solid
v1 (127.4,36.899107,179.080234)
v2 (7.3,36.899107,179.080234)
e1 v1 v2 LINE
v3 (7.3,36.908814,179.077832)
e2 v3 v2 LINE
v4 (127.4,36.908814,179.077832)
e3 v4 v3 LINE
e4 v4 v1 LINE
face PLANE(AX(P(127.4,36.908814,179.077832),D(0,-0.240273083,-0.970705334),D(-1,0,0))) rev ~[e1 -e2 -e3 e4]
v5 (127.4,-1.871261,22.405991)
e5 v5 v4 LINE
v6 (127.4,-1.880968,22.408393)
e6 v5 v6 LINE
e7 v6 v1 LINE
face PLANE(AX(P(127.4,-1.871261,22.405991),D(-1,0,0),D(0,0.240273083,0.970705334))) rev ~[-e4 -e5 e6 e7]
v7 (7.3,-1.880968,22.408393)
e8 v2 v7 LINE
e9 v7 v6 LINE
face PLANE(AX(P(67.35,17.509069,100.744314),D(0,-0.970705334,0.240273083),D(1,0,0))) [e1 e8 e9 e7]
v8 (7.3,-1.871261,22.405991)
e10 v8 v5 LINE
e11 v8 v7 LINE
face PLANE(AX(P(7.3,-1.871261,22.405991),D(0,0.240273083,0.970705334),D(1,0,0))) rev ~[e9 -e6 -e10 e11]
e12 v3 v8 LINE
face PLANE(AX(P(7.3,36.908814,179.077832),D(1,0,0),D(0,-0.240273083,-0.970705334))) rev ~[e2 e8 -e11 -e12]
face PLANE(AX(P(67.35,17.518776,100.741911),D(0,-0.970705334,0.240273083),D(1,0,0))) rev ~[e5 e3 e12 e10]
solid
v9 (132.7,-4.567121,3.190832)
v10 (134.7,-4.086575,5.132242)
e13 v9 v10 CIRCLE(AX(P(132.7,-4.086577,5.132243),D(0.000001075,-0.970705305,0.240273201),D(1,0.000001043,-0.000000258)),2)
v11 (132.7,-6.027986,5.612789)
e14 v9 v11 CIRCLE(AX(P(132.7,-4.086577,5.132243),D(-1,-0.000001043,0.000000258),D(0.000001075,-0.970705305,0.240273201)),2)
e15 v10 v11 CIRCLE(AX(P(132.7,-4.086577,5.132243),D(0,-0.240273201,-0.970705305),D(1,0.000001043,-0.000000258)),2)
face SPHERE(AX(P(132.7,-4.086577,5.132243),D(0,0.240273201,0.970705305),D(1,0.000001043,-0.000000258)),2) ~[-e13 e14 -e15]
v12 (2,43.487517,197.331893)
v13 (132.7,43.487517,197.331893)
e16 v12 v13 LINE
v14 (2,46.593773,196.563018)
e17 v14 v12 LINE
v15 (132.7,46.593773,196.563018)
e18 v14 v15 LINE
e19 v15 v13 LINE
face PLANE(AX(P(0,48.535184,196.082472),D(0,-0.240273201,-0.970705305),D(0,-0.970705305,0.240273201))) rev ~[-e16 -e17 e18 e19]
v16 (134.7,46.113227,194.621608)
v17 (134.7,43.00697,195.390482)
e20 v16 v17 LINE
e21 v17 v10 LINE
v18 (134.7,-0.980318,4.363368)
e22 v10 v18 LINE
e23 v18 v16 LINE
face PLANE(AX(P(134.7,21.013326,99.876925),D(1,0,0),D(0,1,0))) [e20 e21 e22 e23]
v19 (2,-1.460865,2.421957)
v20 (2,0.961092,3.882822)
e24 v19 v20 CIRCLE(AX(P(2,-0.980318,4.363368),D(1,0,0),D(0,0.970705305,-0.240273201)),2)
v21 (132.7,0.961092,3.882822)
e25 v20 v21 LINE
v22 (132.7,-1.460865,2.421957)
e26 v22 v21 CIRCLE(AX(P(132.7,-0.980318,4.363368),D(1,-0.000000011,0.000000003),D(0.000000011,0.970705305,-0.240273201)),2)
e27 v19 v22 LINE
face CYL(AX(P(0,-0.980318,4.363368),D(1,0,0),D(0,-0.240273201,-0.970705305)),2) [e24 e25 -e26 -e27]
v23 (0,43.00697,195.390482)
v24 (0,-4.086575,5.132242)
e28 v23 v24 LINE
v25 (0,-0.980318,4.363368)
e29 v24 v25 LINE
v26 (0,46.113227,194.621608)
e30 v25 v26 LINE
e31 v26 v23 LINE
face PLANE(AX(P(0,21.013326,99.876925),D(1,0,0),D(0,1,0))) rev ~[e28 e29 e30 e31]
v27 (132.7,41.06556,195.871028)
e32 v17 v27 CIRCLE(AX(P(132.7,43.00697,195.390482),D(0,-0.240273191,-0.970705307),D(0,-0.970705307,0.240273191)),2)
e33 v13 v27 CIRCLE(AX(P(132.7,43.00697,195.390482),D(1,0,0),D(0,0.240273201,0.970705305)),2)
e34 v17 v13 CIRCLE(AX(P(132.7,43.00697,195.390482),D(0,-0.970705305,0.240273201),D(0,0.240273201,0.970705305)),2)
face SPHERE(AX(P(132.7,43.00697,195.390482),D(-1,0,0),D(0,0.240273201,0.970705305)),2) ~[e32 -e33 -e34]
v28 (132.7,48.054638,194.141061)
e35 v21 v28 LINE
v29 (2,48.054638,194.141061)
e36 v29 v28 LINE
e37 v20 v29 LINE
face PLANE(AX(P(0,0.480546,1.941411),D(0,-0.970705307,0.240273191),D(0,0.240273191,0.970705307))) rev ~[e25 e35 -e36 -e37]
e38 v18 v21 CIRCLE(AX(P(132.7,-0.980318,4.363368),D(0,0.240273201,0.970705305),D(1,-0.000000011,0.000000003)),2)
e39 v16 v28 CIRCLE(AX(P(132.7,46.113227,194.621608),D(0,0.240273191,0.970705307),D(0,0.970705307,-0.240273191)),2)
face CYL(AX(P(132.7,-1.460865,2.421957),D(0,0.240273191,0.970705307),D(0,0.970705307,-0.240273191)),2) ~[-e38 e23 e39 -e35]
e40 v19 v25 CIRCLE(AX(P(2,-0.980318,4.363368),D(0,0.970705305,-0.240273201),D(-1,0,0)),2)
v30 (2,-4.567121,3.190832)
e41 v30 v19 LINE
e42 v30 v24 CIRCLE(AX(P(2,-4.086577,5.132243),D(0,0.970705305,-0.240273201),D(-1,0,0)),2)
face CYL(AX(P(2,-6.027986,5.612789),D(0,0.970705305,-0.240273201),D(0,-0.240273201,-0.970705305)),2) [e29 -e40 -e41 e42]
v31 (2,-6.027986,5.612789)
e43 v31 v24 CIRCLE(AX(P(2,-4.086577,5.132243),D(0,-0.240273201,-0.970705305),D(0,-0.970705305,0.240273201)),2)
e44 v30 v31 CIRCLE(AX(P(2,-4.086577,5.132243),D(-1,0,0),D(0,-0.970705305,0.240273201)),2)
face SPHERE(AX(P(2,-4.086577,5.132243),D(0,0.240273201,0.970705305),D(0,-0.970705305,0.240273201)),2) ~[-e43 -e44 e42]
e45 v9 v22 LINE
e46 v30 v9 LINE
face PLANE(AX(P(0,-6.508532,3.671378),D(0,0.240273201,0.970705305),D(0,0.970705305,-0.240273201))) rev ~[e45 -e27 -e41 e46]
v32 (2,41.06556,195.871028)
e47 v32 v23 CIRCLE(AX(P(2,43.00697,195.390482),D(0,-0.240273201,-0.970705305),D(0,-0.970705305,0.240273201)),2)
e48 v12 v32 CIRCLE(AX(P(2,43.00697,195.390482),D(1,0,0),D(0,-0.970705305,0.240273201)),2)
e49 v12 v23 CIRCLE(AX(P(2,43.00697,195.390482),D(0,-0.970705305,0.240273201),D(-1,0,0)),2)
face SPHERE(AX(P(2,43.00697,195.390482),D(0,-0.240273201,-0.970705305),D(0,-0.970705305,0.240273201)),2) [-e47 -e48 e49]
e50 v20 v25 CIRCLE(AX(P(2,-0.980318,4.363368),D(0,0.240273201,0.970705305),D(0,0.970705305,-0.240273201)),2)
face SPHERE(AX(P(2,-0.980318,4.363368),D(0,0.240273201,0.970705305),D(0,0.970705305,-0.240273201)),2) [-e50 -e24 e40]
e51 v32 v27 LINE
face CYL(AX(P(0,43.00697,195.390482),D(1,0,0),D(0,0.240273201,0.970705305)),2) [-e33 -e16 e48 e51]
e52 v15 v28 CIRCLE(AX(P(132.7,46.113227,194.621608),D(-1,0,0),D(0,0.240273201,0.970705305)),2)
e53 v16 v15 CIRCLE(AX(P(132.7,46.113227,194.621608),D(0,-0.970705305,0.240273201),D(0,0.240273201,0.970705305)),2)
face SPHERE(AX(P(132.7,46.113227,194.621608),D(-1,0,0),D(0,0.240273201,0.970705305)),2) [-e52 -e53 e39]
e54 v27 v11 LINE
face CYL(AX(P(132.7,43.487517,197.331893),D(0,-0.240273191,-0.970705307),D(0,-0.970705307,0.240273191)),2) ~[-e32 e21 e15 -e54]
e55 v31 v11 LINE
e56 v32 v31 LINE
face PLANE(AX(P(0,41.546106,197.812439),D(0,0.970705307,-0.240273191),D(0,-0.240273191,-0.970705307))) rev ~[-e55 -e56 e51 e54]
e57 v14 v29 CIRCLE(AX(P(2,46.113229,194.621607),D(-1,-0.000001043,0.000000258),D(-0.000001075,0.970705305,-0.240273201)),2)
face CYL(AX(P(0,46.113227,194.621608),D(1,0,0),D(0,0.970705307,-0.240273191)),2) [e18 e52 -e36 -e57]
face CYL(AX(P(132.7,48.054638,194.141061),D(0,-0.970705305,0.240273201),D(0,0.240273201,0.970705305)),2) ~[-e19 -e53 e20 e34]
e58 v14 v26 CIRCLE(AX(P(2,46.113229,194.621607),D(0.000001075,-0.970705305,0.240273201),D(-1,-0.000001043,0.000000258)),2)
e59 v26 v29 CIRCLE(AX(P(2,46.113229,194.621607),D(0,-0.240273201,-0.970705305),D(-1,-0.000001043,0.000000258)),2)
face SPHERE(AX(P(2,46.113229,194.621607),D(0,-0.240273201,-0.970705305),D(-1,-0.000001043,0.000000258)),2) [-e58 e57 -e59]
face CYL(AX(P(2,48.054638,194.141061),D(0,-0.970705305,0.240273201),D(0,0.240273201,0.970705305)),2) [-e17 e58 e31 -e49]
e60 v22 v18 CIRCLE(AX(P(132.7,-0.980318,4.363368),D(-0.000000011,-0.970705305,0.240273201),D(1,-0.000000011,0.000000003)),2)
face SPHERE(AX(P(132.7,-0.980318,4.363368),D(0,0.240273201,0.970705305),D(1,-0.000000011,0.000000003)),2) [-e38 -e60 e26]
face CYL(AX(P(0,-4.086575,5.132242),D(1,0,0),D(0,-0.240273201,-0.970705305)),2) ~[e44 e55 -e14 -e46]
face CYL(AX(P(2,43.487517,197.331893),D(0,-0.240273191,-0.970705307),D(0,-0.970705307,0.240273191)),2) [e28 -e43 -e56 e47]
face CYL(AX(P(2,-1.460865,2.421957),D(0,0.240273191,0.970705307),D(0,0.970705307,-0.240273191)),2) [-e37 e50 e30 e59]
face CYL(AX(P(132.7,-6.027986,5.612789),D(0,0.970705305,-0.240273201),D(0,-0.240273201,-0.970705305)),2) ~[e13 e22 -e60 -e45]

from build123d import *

# Parameters (mm, degrees)
F1_DEPTH = 134.7
F3_R     = 2
F4_DEPTH = 0.01


with BuildPart() as f1:
    # F0 (on Right) → F1 (new body)
    with BuildSketch(Plane.YZ):
        Polygon((-6.508532, 3.671378), (0.480546, 1.941411), (48.535184, 196.082472), (41.546106, 197.812439), align=None)
    extrude(amount=F1_DEPTH)

    # F3
    f3_edges = [f1.edges().sort_by_distance(p)[0] for p in [
        (0, 17.518787, 100.741908),
        (0, 24.507865, 99.011941),
        (67.35, 41.546106, 197.812439),
        (0, 45.040645, 196.947456),
        (67.35, 48.535184, 196.082472),
        (134.7, 45.040645, 196.947456),
        (134.7, 24.507865, 99.011941),
        (134.7, 17.518787, 100.741908),
        (134.7, -3.013993, 2.806394),
        (67.35, -6.508532, 3.671378),
        (67.35, 0.480546, 1.941411),
        (0, -3.013993, 2.806394),
    ]]
    fillet(f3_edges, radius=F3_R)


with BuildPart() as f4:
    # F2 (on face) → F4 (new body)
    with BuildSketch(Plane(origin=(0, -6.989078, 1.729967), x_dir=(1, 0, 0), z_dir=(0, -0.970705, 0.240273))):
        Polygon((7.3, 182.7), (7.3, 102), (7.3, 21.3), (67.35, 21.3), (127.4, 21.3), (127.4, 102), (127.4, 182.7), (67.35, 182.7), align=None)
    extrude(amount=F4_DEPTH)


solid = Compound([f1.part, f4.part])
